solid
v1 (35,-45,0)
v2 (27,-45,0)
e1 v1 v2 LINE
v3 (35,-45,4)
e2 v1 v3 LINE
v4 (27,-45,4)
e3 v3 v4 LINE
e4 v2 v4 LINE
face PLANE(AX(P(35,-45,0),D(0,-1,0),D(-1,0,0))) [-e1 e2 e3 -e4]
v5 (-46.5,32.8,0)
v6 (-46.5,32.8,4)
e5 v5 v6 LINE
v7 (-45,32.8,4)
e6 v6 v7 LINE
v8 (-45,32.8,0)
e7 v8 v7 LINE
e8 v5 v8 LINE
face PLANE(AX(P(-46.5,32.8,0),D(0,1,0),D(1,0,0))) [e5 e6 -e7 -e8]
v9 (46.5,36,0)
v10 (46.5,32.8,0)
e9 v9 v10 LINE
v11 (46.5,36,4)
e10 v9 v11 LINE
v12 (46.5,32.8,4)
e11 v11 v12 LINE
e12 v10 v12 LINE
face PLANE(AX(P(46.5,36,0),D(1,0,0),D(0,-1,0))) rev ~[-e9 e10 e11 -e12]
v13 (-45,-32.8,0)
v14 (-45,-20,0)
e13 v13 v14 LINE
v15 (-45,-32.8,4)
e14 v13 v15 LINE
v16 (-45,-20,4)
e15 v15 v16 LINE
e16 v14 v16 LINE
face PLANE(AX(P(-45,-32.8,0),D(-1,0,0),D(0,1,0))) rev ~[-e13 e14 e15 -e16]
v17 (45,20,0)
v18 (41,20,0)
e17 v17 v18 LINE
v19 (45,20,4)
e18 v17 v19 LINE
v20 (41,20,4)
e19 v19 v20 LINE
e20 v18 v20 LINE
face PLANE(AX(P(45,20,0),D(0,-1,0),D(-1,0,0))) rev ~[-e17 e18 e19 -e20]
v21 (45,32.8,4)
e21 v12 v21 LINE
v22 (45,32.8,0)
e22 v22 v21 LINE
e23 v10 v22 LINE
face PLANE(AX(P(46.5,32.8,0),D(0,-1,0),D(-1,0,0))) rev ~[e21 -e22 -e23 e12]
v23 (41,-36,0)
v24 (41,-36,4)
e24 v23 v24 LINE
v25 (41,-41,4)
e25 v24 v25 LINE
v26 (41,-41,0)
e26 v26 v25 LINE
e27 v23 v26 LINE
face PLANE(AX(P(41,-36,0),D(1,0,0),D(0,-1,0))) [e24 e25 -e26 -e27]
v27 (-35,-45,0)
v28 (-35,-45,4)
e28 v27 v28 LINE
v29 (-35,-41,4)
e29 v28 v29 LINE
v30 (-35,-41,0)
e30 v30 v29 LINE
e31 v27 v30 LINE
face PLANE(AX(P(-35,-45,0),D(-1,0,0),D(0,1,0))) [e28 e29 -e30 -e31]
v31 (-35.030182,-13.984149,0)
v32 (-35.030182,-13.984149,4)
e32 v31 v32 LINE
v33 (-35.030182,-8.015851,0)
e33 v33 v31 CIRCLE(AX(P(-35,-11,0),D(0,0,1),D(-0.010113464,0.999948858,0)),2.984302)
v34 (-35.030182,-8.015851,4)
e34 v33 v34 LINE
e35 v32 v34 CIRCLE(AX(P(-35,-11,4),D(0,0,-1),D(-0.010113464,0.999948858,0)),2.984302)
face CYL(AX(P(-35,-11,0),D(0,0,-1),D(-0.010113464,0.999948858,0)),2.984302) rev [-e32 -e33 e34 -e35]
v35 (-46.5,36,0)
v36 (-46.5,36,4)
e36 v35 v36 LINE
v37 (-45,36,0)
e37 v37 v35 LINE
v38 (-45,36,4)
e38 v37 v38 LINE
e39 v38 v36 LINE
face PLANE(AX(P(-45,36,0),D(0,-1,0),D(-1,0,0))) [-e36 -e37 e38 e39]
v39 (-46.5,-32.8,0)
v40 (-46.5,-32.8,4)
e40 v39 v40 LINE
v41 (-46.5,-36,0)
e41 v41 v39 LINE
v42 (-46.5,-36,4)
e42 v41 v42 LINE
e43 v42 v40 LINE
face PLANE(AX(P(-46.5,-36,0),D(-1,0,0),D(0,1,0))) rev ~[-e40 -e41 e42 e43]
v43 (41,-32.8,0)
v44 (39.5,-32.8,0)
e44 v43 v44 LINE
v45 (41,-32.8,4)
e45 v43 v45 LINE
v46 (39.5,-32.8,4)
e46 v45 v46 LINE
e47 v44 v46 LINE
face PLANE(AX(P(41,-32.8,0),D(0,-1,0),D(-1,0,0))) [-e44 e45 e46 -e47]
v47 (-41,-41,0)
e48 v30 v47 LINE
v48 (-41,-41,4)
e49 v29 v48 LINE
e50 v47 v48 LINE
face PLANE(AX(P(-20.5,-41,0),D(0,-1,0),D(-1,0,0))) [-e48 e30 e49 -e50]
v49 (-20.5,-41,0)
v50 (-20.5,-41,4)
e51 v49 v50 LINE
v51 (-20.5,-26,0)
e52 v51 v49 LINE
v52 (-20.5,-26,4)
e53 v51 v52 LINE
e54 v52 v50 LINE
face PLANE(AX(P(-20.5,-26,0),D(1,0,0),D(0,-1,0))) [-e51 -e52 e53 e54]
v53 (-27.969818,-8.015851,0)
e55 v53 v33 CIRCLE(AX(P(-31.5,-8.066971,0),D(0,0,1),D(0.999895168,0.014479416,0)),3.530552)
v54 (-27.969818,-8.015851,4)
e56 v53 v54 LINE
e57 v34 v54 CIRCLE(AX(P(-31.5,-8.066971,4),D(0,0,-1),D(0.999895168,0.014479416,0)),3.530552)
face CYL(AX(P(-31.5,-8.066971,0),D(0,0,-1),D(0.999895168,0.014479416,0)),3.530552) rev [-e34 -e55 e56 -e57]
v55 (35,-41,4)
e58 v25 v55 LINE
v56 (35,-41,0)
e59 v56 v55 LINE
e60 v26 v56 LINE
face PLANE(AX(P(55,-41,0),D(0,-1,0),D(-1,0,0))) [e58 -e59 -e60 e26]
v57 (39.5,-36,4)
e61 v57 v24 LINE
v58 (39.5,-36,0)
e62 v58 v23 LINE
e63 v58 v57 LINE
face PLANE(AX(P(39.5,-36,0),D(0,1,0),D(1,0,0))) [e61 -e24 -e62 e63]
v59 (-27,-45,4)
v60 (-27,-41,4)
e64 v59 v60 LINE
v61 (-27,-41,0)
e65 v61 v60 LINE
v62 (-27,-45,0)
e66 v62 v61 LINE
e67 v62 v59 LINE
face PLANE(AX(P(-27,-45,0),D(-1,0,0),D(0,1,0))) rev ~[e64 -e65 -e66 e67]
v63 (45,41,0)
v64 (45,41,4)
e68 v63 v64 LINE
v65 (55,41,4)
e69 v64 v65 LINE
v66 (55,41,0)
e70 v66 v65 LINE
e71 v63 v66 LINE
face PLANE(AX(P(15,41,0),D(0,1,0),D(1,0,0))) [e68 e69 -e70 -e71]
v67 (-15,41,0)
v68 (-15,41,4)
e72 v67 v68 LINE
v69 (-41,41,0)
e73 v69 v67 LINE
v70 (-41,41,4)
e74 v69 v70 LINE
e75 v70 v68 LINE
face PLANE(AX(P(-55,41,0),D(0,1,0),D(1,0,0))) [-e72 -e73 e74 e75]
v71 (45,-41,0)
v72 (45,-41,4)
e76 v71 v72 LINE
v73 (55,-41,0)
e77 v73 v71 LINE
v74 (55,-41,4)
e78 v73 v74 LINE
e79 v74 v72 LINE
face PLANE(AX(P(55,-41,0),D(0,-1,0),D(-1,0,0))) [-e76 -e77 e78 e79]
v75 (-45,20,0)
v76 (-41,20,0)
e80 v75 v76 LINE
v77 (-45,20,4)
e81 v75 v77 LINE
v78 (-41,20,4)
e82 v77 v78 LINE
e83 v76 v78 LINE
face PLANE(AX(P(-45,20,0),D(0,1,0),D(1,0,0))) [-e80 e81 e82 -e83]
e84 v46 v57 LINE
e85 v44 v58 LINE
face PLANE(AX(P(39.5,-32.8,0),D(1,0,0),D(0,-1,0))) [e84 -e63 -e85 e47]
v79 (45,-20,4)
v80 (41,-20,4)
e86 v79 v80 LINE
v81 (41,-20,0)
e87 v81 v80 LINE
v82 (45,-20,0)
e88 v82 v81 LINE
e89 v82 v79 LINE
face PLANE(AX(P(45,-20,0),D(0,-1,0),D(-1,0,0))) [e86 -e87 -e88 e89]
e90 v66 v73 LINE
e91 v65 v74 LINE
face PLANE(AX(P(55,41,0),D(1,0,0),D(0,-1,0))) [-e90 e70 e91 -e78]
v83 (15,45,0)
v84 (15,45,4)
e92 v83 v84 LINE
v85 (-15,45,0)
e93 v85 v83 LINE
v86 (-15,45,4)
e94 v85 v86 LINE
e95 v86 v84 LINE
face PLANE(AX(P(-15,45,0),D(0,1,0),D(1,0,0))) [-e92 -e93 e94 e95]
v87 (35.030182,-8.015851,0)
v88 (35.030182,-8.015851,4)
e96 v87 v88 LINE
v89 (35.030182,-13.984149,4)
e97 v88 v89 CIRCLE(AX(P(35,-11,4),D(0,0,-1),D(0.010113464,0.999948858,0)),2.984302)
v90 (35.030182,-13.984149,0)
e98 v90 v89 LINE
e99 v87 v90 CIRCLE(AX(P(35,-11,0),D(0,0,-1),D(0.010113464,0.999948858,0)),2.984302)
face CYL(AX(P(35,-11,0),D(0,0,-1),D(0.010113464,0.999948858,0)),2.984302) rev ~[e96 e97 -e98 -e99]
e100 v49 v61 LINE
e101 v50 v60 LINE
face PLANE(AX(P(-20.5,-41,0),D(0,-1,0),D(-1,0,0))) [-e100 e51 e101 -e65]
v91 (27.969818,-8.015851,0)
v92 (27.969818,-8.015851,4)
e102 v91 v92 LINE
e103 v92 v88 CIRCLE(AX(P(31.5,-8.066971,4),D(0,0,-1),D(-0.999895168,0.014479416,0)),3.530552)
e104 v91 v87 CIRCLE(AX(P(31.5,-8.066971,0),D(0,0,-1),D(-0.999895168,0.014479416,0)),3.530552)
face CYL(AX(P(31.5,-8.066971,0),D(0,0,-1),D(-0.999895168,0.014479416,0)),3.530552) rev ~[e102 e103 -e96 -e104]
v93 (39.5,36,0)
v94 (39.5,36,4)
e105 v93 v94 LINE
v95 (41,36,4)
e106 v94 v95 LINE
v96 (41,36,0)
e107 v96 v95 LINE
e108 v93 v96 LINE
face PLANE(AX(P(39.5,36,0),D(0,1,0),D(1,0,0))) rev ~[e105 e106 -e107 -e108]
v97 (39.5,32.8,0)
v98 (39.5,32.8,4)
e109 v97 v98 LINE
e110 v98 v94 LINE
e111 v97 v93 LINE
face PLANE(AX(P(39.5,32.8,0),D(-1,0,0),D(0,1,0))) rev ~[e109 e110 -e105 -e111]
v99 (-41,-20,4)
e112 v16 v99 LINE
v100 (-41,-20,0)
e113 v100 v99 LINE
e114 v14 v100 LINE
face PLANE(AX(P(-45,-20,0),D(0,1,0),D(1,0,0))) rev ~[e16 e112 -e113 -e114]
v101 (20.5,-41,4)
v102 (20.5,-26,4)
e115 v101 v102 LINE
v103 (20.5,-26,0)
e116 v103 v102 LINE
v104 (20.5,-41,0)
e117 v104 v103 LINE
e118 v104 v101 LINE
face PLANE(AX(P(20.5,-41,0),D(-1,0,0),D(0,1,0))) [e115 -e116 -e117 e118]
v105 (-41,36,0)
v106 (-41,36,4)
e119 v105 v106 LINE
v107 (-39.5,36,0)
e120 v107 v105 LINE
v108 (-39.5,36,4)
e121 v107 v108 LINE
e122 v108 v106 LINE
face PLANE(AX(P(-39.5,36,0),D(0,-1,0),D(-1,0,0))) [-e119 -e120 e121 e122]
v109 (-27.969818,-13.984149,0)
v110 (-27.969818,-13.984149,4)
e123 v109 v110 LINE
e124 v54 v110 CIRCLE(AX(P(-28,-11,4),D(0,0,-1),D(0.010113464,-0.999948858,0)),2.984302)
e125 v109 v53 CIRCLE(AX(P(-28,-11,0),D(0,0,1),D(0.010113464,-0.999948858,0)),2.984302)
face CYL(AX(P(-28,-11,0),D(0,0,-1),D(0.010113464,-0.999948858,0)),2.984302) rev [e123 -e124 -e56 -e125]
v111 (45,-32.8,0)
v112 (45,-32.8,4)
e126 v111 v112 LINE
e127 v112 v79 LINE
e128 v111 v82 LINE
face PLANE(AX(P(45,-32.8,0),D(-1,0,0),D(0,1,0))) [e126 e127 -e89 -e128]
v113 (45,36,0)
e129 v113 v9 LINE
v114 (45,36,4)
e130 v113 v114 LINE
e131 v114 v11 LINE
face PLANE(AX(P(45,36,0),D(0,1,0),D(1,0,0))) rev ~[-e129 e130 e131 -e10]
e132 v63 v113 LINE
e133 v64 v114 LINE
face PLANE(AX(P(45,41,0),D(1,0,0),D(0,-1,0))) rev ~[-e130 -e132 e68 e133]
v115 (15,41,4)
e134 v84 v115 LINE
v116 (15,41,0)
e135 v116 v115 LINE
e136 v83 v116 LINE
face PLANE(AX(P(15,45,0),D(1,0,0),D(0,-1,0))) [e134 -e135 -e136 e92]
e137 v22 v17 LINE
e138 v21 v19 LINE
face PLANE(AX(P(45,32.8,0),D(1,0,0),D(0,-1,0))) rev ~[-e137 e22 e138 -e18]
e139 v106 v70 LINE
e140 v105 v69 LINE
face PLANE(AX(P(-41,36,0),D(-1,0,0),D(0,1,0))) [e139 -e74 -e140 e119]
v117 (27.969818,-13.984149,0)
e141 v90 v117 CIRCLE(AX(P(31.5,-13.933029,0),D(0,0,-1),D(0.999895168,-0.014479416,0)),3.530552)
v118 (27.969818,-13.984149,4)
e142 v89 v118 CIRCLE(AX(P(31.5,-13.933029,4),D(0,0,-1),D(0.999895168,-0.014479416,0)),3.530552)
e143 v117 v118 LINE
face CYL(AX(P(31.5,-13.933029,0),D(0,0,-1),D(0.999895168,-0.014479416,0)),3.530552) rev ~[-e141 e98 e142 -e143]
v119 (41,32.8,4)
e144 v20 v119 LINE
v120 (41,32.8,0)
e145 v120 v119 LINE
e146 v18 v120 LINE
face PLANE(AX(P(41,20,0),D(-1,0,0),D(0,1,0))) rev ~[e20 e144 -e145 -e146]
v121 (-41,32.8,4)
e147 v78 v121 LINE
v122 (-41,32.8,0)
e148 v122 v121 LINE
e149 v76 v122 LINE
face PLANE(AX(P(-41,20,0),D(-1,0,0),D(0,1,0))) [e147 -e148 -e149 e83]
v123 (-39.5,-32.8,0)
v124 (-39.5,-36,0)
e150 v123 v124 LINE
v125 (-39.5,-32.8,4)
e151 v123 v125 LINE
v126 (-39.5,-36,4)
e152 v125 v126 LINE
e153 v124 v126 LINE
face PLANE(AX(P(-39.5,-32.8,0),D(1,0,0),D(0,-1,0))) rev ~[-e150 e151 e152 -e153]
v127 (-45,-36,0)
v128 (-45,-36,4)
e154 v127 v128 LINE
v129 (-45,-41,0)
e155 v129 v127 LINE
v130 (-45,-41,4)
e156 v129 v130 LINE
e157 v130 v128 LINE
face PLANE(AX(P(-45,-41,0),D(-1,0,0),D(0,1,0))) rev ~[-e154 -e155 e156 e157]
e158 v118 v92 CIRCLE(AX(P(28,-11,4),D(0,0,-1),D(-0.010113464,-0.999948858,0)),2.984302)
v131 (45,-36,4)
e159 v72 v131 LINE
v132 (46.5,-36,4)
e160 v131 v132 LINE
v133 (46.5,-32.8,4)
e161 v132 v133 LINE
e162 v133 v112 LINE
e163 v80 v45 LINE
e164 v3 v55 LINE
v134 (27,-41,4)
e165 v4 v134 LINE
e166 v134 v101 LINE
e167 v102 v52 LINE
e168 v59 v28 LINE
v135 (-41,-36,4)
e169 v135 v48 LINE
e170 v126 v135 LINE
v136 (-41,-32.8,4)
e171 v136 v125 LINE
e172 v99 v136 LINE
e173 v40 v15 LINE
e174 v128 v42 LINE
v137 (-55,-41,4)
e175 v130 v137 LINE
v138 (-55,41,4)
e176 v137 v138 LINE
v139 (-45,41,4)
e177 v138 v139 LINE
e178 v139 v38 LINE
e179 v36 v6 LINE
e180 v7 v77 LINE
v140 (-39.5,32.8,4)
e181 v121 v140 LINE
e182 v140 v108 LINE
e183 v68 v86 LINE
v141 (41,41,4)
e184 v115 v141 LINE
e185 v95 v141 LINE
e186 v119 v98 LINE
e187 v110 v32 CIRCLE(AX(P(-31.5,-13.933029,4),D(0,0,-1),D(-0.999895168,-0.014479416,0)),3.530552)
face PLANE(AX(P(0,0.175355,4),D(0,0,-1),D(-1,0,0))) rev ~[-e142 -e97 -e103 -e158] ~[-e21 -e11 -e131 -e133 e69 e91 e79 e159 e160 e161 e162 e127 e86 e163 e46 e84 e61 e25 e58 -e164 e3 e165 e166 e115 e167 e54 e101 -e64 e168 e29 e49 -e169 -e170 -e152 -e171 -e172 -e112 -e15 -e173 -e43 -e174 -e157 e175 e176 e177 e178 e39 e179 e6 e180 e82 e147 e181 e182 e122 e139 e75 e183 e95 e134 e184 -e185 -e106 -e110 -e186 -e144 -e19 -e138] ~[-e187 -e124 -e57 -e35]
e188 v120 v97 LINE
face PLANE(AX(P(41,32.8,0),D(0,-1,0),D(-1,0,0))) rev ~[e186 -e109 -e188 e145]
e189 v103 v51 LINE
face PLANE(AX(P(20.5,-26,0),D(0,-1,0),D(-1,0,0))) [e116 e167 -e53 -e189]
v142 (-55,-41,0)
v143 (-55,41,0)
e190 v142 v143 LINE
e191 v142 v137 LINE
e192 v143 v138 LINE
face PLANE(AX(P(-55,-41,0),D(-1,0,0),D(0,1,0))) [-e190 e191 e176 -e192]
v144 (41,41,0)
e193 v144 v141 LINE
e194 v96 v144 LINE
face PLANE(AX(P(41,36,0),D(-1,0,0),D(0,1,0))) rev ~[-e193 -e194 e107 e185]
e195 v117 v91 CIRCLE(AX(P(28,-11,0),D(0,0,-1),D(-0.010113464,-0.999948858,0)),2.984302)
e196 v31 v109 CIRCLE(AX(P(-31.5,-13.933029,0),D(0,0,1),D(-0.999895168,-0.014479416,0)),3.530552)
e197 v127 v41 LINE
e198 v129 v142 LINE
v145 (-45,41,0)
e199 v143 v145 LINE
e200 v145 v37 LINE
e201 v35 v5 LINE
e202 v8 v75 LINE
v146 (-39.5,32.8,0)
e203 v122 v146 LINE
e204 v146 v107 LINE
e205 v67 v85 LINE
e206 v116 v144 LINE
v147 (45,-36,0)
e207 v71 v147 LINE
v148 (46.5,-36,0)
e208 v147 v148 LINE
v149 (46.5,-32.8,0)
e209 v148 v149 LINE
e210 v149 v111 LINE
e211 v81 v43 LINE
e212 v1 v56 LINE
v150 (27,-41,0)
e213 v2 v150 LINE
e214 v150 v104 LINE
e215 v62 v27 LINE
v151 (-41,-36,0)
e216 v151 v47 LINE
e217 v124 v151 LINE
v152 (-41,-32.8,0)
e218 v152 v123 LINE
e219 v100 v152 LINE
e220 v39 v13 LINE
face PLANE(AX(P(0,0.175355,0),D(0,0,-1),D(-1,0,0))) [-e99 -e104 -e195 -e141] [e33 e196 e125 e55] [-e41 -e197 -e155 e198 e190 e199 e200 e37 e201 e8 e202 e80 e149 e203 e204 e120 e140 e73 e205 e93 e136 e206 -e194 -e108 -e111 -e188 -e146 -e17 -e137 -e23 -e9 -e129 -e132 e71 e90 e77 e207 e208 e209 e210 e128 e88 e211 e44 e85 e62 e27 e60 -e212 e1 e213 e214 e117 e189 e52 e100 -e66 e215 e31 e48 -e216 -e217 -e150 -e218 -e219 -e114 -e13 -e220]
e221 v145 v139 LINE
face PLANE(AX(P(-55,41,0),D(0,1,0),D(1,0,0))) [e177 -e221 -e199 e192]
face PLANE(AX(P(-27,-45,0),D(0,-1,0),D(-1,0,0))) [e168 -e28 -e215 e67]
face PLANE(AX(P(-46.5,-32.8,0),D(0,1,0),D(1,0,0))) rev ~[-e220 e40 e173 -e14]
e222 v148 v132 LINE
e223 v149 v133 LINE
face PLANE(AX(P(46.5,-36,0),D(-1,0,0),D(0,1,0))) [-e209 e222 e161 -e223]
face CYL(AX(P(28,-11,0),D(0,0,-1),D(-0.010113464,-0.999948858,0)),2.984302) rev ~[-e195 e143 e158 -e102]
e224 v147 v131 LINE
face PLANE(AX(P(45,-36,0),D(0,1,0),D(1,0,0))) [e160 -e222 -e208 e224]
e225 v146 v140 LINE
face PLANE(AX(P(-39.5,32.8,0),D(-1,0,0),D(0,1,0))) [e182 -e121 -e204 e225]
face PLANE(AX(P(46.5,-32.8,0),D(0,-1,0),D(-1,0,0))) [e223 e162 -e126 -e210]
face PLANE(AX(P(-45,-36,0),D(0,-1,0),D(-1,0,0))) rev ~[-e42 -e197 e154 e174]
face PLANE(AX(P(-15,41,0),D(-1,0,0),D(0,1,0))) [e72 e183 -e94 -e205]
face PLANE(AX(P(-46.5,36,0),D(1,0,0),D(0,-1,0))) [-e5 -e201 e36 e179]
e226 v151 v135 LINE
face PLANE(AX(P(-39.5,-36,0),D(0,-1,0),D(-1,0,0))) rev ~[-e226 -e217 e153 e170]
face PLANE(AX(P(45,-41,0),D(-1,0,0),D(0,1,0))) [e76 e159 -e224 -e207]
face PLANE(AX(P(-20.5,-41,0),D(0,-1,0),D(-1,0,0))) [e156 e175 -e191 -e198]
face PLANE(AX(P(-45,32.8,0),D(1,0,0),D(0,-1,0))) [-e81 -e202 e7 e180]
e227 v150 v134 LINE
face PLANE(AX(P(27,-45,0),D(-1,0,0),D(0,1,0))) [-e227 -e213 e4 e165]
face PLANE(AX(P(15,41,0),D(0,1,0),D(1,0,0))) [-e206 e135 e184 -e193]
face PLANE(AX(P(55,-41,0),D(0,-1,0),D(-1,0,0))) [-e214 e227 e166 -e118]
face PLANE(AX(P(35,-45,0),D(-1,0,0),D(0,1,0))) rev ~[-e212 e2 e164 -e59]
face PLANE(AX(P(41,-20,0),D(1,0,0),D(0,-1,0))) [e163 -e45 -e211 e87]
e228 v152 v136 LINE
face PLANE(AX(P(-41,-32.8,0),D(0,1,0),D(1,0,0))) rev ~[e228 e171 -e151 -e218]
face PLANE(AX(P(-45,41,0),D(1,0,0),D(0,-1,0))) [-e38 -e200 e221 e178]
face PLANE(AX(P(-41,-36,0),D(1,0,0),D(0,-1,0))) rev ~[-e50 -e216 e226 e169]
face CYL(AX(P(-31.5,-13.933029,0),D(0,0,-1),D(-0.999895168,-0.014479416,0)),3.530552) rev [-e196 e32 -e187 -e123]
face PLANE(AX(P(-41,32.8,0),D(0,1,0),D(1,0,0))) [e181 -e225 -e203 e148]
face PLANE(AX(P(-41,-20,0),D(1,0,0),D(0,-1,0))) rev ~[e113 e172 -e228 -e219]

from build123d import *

# Parameters (mm, degrees)
BOSS_EXTRUDE1_DEPTH = 4
CUT_EXTRUDE1_DEPTH  = 5
CUT_EXTRUDE2_DEPTH  = 10
SKETCH4_W           = 8
SKETCH4_H           = 4
BOSS_EXTRUDE2_DEPTH = 4


with BuildPart() as part:
    # Sketch1 → Boss-Extrude1 (new body)
    with BuildSketch(Plane.XY):
        Polygon((20.5, -41), (20.5, -26), (-20.5, -26), (-20.5, -41), (-55, -41), (-55, 41), (-15, 41), (-15, 45), (15, 45), (15, 41), (55, 41), (55, -41), align=None)
    extrude(amount=BOSS_EXTRUDE1_DEPTH)

    # Sketch2 → Cut-Extrude1 (cut)
    with BuildSketch(Plane(origin=(0, 0, 0), x_dir=(-1, 0, 0), z_dir=(0, 0, -1))):
        Polygon((-41, -36), (-41, -41), (-45, -41), (-45, -36), (-46.5, -36), (-46.5, -32.8), (-45, -32.8), (-45, -20), (-41, -20), (-41, -32.8), (-39.5, -32.8), (-39.5, -36), align=None)
        Polygon((45, -41), (45, -36), (46.5, -36), (46.5, -32.8), (45, -32.8), (45, -20), (41, -20), (41, -32.8), (39.5, -32.8), (39.5, -36), (41, -36), (41, -41), align=None)
        Polygon((41, 36), (41, 41), (45, 41), (45, 36), (46.5, 36), (46.5, 32.8), (45, 32.8), (45, 20), (41, 20), (41, 32.8), (39.5, 32.8), (39.5, 36), align=None)
        Polygon((-45, 41), (-45, 36), (-46.5, 36), (-46.5, 32.8), (-45, 32.8), (-45, 20), (-41, 20), (-41, 32.8), (-39.5, 32.8), (-39.5, 36), (-41, 36), (-41, 41), align=None)
    extrude(amount=-CUT_EXTRUDE1_DEPTH, mode=Mode.SUBTRACT)

    # Sketch3 → Cut-Extrude2 (cut)
    with BuildSketch(Plane(origin=(0, 0, 0), x_dir=(-1, 0, 0), z_dir=(0, 0, -1))):
        with BuildLine():
            ThreePointArc((-27.96981837, -8.015850853), (-31.5, -4.536419435), (-35.03018163, -8.015850853))
            ThreePointArc((-35.03018163, -8.015850853), (-37.984301772, -11), (-35.03018163, -13.984149147))
            ThreePointArc((-35.03018163, -13.984149147), (-31.5, -17.463580565), (-27.96981837, -13.984149147))
            ThreePointArc((-27.96981837, -13.984149147), (-25.015698228, -11), (-27.96981837, -8.015850853))
        make_face()
        with BuildLine():
            ThreePointArc((35.03018163, -8.015850853), (37.984301772, -11), (35.03018163, -13.984149147))
            ThreePointArc((35.03018163, -13.984149147), (31.5, -17.463580565), (27.96981837, -13.984149147))
            ThreePointArc((27.96981837, -13.984149147), (25.015698228, -11), (27.96981837, -8.015850853))
            ThreePointArc((27.96981837, -8.015850853), (31.5, -4.536419435), (35.03018163, -8.015850853))
        make_face()
    extrude(amount=-CUT_EXTRUDE2_DEPTH, mode=Mode.SUBTRACT)

    # Sketch4 → Boss-Extrude2 (add)
    with BuildSketch(Plane(origin=(0, 0, 0), x_dir=(-1, 0, 0), z_dir=(0, 0, -1))):
        with Locations((-31, -43)):
            Rectangle(SKETCH4_W, SKETCH4_H)
        with Locations((31, -43)):
            Rectangle(SKETCH4_W, SKETCH4_H)
    extrude(amount=-BOSS_EXTRUDE2_DEPTH)


solid = part.part
